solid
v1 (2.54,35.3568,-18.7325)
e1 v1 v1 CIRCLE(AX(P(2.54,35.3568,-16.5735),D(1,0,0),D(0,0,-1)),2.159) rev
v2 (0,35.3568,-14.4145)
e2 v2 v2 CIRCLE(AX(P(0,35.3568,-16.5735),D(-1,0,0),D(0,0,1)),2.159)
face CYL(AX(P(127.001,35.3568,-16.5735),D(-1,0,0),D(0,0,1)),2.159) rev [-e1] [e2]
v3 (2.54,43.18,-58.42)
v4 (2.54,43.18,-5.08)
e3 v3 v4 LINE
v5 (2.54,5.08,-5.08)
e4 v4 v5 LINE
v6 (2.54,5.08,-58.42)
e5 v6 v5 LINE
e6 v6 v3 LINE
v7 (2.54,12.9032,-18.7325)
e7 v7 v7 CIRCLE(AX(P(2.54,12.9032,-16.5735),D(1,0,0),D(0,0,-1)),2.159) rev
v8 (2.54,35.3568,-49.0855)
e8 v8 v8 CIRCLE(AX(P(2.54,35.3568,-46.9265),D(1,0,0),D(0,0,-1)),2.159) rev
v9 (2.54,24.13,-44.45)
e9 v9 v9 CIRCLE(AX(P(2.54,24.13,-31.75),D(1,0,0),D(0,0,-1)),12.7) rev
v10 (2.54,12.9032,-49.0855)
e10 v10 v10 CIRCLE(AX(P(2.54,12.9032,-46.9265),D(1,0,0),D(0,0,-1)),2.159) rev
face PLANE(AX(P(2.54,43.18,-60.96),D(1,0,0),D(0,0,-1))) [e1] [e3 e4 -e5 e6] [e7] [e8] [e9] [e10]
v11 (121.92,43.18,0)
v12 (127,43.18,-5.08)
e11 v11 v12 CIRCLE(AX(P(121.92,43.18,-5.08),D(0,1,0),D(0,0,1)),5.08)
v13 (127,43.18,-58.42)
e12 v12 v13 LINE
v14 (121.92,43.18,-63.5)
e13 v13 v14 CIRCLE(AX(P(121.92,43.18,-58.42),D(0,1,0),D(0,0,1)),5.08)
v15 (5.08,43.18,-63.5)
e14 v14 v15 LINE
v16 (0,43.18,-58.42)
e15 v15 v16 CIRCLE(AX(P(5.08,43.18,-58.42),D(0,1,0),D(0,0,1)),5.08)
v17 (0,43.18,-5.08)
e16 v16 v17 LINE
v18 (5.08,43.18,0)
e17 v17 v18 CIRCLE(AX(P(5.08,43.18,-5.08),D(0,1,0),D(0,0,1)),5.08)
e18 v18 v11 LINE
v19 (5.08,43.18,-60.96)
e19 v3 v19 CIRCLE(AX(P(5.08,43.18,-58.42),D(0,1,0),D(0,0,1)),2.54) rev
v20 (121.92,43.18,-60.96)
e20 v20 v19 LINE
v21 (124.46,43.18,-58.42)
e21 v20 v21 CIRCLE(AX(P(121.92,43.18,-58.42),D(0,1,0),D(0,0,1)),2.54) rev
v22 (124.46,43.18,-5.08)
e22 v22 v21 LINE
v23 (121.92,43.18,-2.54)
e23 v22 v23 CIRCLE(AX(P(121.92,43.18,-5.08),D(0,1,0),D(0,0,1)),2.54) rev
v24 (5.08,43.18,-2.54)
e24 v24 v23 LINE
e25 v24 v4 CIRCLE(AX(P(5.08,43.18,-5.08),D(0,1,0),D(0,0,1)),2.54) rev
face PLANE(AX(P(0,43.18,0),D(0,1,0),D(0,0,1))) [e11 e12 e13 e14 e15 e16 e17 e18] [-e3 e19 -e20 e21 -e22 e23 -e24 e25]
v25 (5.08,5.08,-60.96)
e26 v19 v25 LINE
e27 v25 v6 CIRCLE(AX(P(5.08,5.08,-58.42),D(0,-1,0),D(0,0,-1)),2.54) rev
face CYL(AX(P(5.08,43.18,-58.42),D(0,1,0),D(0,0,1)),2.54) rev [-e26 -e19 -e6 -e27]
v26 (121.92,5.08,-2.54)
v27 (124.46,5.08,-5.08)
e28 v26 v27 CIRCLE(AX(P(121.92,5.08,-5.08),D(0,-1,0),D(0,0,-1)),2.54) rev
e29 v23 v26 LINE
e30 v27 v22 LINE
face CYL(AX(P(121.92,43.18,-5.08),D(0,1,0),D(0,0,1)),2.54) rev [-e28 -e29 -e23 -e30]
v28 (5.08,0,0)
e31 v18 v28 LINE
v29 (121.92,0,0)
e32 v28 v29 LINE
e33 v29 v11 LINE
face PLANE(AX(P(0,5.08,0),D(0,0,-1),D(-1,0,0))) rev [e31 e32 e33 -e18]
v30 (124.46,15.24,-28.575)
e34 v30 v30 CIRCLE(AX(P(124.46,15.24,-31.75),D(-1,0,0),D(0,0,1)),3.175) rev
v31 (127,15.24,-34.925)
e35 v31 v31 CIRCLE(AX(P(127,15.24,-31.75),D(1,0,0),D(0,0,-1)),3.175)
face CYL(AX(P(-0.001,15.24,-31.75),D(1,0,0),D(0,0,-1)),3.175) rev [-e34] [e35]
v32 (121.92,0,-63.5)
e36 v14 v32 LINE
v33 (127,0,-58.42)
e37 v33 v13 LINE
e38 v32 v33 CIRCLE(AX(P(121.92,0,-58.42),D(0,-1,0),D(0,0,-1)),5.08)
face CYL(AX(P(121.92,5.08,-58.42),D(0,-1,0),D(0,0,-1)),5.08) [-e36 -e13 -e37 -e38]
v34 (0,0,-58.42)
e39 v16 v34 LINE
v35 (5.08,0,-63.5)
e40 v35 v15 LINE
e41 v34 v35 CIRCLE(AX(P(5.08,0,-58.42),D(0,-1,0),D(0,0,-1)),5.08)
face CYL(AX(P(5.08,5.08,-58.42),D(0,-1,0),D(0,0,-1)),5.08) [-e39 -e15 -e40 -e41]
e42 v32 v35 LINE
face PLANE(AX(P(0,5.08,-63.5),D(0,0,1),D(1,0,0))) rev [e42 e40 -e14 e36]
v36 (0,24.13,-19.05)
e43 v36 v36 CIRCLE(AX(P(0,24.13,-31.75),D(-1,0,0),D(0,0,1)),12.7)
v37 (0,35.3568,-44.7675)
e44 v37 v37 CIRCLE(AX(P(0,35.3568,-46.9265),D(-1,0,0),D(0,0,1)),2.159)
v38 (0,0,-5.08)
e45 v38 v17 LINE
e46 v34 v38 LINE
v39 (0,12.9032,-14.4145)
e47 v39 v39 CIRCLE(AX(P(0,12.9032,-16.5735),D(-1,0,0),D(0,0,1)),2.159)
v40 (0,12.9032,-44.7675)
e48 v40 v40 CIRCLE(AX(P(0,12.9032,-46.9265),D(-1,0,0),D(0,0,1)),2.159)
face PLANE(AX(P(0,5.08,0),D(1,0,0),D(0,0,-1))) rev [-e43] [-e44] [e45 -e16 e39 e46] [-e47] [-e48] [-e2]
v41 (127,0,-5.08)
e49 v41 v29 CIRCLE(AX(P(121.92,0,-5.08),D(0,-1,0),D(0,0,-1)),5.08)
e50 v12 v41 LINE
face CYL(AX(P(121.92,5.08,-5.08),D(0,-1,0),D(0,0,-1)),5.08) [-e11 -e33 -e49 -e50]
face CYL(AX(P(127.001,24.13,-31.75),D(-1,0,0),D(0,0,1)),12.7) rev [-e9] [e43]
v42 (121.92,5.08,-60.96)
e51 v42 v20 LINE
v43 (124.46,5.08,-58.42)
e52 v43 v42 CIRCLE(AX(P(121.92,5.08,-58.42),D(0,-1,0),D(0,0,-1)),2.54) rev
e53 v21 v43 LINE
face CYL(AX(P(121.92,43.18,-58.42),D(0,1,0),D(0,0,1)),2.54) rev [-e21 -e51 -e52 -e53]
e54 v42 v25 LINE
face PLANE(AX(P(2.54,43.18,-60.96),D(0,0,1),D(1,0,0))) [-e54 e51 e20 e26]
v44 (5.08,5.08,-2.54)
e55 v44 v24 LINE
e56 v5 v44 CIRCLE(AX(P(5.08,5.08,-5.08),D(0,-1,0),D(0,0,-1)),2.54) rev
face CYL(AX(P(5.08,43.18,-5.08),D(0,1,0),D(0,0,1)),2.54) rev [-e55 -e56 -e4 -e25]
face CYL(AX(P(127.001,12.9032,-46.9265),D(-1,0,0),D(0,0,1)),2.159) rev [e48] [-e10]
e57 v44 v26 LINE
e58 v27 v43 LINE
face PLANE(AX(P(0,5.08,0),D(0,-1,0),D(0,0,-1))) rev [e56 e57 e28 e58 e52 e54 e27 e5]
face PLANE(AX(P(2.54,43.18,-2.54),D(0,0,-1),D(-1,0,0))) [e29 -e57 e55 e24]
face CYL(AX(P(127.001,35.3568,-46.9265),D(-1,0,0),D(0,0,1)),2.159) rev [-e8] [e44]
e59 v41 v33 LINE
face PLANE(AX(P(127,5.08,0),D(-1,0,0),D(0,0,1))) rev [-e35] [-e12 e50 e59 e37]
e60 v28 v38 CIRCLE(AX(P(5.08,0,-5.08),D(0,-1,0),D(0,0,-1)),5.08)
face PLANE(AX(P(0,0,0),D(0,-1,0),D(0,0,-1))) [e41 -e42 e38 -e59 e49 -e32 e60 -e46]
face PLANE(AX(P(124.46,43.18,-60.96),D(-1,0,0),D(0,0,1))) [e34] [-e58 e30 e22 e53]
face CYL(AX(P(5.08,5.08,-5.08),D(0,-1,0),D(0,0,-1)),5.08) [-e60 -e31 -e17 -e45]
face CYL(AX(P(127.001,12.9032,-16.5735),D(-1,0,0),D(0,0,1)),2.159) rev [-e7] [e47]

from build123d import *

# Parameters (mm, degrees)
SKETCH1_W           = 127
SKETCH1_H           = 63.5
BOSS_EXTRUDE1_DEPTH = 5.08
SKETCH2_W           = 127
SKETCH2_H           = 63.5
SKETCH2_W_2         = 121.92
SKETCH2_H_2         = 58.42
BOSS_EXTRUDE3_DEPTH = 38.1
CUT_EXTRUDE1_REACH  = 150.411
SKETCH3_R           = 12.7
SKETCH3_R_2         = 2.159
CUT_EXTRUDE3_REACH  = 150.411
SKETCH4_R           = 3.175
FILLET3_R           = 5.08
FILLET4_R           = 2.54


with BuildPart() as part:
    # Sketch1 → Boss-Extrude1 (new body)
    with BuildSketch(Plane(origin=(0, 0, 0), x_dir=(1, 0, 0), z_dir=(0, 1, 0))):
        with Locations((63.5, 31.75)):
            Rectangle(SKETCH1_W, SKETCH1_H)
    extrude(amount=BOSS_EXTRUDE1_DEPTH)

    # Sketch2 → Boss-Extrude3 (add)
    with BuildSketch(Plane(origin=(0, 5.08, 0), x_dir=(1, 0, 0), z_dir=(0, 1, 0))):
        with Locations((63.5, 31.75)):
            Rectangle(SKETCH2_W, SKETCH2_H)
        with Locations((63.5, 31.75)):
            Rectangle(SKETCH2_W_2, SKETCH2_H_2, mode=Mode.SUBTRACT)
    extrude(amount=BOSS_EXTRUDE3_DEPTH)

    # Sketch3 → Cut-Extrude1 (cut, up to next)
    with BuildSketch(Plane.ZY, mode=Mode.PRIVATE) as cut_extrude1_sk1:
        with Locations((-31.75, 24.13)):
            Circle(SKETCH3_R)
    cut_extrude1_tool1 = extrude(cut_extrude1_sk1.sketch, amount=-CUT_EXTRUDE1_REACH, mode=Mode.PRIVATE) & part.part
    # Sketch3 → Cut-Extrude1 (cut, up to next)
    with BuildSketch(Plane.ZY, mode=Mode.PRIVATE) as cut_extrude1_sk2:
        with Locations((-46.9265, 35.3568)):
            Circle(SKETCH3_R_2)
    cut_extrude1_tool2 = extrude(cut_extrude1_sk2.sketch, amount=-CUT_EXTRUDE1_REACH, mode=Mode.PRIVATE) & part.part
    # Sketch3 → Cut-Extrude1 (cut, up to next)
    with BuildSketch(Plane.ZY, mode=Mode.PRIVATE) as cut_extrude1_sk3:
        with Locations((-16.5735, 35.3568)):
            Circle(SKETCH3_R_2)
    cut_extrude1_tool3 = extrude(cut_extrude1_sk3.sketch, amount=-CUT_EXTRUDE1_REACH, mode=Mode.PRIVATE) & part.part
    # Sketch3 → Cut-Extrude1 (cut, up to next)
    with BuildSketch(Plane.ZY, mode=Mode.PRIVATE) as cut_extrude1_sk4:
        with Locations((-46.9265, 12.9032)):
            Circle(SKETCH3_R_2)
    cut_extrude1_tool4 = extrude(cut_extrude1_sk4.sketch, amount=-CUT_EXTRUDE1_REACH, mode=Mode.PRIVATE) & part.part
    # Sketch3 → Cut-Extrude1 (cut, up to next)
    with BuildSketch(Plane.ZY, mode=Mode.PRIVATE) as cut_extrude1_sk5:
        with Locations((-16.5735, 12.9032)):
            Circle(SKETCH3_R_2)
    cut_extrude1_tool5 = extrude(cut_extrude1_sk5.sketch, amount=-CUT_EXTRUDE1_REACH, mode=Mode.PRIVATE) & part.part
    add(cut_extrude1_tool1.solids().sort_by_distance((0, 24.13, -31.75))[0], mode=Mode.SUBTRACT)
    add(cut_extrude1_tool2.solids().sort_by_distance((0, 35.3568, -46.9265))[0], mode=Mode.SUBTRACT)
    add(cut_extrude1_tool3.solids().sort_by_distance((0, 35.3568, -16.5735))[0], mode=Mode.SUBTRACT)
    add(cut_extrude1_tool4.solids().sort_by_distance((0, 12.9032, -46.9265))[0], mode=Mode.SUBTRACT)
    add(cut_extrude1_tool5.solids().sort_by_distance((0, 12.9032, -16.5735))[0], mode=Mode.SUBTRACT)

    # Sketch4 → Cut-Extrude3 (cut, up to next)
    with BuildSketch(Plane(origin=(127, 0, 0), x_dir=(0, 0, -1), z_dir=(1, 0, 0)), mode=Mode.PRIVATE) as cut_extrude3_sk1:
        with Locations((31.75, 15.24)):
            Circle(SKETCH4_R)
    cut_extrude3_tool1 = extrude(cut_extrude3_sk1.sketch, amount=-CUT_EXTRUDE3_REACH, mode=Mode.PRIVATE) & part.part
    add(cut_extrude3_tool1.solids().sort_by_distance((127, 15.24, -31.75))[0], mode=Mode.SUBTRACT)

    # Fillet3
    fillet3_edges = [part.edges().sort_by_distance(p)[0] for p in [
        (0, 21.59, -63.5),
        (127, 21.59, -63.5),
        (127, 21.59, 0),
        (0, 21.59, 0),
    ]]
    fillet(fillet3_edges, radius=FILLET3_R)

    # Fillet4
    fillet4_edges = [part.edges().sort_by_distance(p)[0] for p in [
        (2.54, 24.13, -2.54),
        (124.46, 24.13, -2.54),
        (124.46, 24.13, -60.96),
        (2.54, 24.13, -60.96),
    ]]
    fillet(fillet4_edges, radius=FILLET4_R)


solid = part.part
